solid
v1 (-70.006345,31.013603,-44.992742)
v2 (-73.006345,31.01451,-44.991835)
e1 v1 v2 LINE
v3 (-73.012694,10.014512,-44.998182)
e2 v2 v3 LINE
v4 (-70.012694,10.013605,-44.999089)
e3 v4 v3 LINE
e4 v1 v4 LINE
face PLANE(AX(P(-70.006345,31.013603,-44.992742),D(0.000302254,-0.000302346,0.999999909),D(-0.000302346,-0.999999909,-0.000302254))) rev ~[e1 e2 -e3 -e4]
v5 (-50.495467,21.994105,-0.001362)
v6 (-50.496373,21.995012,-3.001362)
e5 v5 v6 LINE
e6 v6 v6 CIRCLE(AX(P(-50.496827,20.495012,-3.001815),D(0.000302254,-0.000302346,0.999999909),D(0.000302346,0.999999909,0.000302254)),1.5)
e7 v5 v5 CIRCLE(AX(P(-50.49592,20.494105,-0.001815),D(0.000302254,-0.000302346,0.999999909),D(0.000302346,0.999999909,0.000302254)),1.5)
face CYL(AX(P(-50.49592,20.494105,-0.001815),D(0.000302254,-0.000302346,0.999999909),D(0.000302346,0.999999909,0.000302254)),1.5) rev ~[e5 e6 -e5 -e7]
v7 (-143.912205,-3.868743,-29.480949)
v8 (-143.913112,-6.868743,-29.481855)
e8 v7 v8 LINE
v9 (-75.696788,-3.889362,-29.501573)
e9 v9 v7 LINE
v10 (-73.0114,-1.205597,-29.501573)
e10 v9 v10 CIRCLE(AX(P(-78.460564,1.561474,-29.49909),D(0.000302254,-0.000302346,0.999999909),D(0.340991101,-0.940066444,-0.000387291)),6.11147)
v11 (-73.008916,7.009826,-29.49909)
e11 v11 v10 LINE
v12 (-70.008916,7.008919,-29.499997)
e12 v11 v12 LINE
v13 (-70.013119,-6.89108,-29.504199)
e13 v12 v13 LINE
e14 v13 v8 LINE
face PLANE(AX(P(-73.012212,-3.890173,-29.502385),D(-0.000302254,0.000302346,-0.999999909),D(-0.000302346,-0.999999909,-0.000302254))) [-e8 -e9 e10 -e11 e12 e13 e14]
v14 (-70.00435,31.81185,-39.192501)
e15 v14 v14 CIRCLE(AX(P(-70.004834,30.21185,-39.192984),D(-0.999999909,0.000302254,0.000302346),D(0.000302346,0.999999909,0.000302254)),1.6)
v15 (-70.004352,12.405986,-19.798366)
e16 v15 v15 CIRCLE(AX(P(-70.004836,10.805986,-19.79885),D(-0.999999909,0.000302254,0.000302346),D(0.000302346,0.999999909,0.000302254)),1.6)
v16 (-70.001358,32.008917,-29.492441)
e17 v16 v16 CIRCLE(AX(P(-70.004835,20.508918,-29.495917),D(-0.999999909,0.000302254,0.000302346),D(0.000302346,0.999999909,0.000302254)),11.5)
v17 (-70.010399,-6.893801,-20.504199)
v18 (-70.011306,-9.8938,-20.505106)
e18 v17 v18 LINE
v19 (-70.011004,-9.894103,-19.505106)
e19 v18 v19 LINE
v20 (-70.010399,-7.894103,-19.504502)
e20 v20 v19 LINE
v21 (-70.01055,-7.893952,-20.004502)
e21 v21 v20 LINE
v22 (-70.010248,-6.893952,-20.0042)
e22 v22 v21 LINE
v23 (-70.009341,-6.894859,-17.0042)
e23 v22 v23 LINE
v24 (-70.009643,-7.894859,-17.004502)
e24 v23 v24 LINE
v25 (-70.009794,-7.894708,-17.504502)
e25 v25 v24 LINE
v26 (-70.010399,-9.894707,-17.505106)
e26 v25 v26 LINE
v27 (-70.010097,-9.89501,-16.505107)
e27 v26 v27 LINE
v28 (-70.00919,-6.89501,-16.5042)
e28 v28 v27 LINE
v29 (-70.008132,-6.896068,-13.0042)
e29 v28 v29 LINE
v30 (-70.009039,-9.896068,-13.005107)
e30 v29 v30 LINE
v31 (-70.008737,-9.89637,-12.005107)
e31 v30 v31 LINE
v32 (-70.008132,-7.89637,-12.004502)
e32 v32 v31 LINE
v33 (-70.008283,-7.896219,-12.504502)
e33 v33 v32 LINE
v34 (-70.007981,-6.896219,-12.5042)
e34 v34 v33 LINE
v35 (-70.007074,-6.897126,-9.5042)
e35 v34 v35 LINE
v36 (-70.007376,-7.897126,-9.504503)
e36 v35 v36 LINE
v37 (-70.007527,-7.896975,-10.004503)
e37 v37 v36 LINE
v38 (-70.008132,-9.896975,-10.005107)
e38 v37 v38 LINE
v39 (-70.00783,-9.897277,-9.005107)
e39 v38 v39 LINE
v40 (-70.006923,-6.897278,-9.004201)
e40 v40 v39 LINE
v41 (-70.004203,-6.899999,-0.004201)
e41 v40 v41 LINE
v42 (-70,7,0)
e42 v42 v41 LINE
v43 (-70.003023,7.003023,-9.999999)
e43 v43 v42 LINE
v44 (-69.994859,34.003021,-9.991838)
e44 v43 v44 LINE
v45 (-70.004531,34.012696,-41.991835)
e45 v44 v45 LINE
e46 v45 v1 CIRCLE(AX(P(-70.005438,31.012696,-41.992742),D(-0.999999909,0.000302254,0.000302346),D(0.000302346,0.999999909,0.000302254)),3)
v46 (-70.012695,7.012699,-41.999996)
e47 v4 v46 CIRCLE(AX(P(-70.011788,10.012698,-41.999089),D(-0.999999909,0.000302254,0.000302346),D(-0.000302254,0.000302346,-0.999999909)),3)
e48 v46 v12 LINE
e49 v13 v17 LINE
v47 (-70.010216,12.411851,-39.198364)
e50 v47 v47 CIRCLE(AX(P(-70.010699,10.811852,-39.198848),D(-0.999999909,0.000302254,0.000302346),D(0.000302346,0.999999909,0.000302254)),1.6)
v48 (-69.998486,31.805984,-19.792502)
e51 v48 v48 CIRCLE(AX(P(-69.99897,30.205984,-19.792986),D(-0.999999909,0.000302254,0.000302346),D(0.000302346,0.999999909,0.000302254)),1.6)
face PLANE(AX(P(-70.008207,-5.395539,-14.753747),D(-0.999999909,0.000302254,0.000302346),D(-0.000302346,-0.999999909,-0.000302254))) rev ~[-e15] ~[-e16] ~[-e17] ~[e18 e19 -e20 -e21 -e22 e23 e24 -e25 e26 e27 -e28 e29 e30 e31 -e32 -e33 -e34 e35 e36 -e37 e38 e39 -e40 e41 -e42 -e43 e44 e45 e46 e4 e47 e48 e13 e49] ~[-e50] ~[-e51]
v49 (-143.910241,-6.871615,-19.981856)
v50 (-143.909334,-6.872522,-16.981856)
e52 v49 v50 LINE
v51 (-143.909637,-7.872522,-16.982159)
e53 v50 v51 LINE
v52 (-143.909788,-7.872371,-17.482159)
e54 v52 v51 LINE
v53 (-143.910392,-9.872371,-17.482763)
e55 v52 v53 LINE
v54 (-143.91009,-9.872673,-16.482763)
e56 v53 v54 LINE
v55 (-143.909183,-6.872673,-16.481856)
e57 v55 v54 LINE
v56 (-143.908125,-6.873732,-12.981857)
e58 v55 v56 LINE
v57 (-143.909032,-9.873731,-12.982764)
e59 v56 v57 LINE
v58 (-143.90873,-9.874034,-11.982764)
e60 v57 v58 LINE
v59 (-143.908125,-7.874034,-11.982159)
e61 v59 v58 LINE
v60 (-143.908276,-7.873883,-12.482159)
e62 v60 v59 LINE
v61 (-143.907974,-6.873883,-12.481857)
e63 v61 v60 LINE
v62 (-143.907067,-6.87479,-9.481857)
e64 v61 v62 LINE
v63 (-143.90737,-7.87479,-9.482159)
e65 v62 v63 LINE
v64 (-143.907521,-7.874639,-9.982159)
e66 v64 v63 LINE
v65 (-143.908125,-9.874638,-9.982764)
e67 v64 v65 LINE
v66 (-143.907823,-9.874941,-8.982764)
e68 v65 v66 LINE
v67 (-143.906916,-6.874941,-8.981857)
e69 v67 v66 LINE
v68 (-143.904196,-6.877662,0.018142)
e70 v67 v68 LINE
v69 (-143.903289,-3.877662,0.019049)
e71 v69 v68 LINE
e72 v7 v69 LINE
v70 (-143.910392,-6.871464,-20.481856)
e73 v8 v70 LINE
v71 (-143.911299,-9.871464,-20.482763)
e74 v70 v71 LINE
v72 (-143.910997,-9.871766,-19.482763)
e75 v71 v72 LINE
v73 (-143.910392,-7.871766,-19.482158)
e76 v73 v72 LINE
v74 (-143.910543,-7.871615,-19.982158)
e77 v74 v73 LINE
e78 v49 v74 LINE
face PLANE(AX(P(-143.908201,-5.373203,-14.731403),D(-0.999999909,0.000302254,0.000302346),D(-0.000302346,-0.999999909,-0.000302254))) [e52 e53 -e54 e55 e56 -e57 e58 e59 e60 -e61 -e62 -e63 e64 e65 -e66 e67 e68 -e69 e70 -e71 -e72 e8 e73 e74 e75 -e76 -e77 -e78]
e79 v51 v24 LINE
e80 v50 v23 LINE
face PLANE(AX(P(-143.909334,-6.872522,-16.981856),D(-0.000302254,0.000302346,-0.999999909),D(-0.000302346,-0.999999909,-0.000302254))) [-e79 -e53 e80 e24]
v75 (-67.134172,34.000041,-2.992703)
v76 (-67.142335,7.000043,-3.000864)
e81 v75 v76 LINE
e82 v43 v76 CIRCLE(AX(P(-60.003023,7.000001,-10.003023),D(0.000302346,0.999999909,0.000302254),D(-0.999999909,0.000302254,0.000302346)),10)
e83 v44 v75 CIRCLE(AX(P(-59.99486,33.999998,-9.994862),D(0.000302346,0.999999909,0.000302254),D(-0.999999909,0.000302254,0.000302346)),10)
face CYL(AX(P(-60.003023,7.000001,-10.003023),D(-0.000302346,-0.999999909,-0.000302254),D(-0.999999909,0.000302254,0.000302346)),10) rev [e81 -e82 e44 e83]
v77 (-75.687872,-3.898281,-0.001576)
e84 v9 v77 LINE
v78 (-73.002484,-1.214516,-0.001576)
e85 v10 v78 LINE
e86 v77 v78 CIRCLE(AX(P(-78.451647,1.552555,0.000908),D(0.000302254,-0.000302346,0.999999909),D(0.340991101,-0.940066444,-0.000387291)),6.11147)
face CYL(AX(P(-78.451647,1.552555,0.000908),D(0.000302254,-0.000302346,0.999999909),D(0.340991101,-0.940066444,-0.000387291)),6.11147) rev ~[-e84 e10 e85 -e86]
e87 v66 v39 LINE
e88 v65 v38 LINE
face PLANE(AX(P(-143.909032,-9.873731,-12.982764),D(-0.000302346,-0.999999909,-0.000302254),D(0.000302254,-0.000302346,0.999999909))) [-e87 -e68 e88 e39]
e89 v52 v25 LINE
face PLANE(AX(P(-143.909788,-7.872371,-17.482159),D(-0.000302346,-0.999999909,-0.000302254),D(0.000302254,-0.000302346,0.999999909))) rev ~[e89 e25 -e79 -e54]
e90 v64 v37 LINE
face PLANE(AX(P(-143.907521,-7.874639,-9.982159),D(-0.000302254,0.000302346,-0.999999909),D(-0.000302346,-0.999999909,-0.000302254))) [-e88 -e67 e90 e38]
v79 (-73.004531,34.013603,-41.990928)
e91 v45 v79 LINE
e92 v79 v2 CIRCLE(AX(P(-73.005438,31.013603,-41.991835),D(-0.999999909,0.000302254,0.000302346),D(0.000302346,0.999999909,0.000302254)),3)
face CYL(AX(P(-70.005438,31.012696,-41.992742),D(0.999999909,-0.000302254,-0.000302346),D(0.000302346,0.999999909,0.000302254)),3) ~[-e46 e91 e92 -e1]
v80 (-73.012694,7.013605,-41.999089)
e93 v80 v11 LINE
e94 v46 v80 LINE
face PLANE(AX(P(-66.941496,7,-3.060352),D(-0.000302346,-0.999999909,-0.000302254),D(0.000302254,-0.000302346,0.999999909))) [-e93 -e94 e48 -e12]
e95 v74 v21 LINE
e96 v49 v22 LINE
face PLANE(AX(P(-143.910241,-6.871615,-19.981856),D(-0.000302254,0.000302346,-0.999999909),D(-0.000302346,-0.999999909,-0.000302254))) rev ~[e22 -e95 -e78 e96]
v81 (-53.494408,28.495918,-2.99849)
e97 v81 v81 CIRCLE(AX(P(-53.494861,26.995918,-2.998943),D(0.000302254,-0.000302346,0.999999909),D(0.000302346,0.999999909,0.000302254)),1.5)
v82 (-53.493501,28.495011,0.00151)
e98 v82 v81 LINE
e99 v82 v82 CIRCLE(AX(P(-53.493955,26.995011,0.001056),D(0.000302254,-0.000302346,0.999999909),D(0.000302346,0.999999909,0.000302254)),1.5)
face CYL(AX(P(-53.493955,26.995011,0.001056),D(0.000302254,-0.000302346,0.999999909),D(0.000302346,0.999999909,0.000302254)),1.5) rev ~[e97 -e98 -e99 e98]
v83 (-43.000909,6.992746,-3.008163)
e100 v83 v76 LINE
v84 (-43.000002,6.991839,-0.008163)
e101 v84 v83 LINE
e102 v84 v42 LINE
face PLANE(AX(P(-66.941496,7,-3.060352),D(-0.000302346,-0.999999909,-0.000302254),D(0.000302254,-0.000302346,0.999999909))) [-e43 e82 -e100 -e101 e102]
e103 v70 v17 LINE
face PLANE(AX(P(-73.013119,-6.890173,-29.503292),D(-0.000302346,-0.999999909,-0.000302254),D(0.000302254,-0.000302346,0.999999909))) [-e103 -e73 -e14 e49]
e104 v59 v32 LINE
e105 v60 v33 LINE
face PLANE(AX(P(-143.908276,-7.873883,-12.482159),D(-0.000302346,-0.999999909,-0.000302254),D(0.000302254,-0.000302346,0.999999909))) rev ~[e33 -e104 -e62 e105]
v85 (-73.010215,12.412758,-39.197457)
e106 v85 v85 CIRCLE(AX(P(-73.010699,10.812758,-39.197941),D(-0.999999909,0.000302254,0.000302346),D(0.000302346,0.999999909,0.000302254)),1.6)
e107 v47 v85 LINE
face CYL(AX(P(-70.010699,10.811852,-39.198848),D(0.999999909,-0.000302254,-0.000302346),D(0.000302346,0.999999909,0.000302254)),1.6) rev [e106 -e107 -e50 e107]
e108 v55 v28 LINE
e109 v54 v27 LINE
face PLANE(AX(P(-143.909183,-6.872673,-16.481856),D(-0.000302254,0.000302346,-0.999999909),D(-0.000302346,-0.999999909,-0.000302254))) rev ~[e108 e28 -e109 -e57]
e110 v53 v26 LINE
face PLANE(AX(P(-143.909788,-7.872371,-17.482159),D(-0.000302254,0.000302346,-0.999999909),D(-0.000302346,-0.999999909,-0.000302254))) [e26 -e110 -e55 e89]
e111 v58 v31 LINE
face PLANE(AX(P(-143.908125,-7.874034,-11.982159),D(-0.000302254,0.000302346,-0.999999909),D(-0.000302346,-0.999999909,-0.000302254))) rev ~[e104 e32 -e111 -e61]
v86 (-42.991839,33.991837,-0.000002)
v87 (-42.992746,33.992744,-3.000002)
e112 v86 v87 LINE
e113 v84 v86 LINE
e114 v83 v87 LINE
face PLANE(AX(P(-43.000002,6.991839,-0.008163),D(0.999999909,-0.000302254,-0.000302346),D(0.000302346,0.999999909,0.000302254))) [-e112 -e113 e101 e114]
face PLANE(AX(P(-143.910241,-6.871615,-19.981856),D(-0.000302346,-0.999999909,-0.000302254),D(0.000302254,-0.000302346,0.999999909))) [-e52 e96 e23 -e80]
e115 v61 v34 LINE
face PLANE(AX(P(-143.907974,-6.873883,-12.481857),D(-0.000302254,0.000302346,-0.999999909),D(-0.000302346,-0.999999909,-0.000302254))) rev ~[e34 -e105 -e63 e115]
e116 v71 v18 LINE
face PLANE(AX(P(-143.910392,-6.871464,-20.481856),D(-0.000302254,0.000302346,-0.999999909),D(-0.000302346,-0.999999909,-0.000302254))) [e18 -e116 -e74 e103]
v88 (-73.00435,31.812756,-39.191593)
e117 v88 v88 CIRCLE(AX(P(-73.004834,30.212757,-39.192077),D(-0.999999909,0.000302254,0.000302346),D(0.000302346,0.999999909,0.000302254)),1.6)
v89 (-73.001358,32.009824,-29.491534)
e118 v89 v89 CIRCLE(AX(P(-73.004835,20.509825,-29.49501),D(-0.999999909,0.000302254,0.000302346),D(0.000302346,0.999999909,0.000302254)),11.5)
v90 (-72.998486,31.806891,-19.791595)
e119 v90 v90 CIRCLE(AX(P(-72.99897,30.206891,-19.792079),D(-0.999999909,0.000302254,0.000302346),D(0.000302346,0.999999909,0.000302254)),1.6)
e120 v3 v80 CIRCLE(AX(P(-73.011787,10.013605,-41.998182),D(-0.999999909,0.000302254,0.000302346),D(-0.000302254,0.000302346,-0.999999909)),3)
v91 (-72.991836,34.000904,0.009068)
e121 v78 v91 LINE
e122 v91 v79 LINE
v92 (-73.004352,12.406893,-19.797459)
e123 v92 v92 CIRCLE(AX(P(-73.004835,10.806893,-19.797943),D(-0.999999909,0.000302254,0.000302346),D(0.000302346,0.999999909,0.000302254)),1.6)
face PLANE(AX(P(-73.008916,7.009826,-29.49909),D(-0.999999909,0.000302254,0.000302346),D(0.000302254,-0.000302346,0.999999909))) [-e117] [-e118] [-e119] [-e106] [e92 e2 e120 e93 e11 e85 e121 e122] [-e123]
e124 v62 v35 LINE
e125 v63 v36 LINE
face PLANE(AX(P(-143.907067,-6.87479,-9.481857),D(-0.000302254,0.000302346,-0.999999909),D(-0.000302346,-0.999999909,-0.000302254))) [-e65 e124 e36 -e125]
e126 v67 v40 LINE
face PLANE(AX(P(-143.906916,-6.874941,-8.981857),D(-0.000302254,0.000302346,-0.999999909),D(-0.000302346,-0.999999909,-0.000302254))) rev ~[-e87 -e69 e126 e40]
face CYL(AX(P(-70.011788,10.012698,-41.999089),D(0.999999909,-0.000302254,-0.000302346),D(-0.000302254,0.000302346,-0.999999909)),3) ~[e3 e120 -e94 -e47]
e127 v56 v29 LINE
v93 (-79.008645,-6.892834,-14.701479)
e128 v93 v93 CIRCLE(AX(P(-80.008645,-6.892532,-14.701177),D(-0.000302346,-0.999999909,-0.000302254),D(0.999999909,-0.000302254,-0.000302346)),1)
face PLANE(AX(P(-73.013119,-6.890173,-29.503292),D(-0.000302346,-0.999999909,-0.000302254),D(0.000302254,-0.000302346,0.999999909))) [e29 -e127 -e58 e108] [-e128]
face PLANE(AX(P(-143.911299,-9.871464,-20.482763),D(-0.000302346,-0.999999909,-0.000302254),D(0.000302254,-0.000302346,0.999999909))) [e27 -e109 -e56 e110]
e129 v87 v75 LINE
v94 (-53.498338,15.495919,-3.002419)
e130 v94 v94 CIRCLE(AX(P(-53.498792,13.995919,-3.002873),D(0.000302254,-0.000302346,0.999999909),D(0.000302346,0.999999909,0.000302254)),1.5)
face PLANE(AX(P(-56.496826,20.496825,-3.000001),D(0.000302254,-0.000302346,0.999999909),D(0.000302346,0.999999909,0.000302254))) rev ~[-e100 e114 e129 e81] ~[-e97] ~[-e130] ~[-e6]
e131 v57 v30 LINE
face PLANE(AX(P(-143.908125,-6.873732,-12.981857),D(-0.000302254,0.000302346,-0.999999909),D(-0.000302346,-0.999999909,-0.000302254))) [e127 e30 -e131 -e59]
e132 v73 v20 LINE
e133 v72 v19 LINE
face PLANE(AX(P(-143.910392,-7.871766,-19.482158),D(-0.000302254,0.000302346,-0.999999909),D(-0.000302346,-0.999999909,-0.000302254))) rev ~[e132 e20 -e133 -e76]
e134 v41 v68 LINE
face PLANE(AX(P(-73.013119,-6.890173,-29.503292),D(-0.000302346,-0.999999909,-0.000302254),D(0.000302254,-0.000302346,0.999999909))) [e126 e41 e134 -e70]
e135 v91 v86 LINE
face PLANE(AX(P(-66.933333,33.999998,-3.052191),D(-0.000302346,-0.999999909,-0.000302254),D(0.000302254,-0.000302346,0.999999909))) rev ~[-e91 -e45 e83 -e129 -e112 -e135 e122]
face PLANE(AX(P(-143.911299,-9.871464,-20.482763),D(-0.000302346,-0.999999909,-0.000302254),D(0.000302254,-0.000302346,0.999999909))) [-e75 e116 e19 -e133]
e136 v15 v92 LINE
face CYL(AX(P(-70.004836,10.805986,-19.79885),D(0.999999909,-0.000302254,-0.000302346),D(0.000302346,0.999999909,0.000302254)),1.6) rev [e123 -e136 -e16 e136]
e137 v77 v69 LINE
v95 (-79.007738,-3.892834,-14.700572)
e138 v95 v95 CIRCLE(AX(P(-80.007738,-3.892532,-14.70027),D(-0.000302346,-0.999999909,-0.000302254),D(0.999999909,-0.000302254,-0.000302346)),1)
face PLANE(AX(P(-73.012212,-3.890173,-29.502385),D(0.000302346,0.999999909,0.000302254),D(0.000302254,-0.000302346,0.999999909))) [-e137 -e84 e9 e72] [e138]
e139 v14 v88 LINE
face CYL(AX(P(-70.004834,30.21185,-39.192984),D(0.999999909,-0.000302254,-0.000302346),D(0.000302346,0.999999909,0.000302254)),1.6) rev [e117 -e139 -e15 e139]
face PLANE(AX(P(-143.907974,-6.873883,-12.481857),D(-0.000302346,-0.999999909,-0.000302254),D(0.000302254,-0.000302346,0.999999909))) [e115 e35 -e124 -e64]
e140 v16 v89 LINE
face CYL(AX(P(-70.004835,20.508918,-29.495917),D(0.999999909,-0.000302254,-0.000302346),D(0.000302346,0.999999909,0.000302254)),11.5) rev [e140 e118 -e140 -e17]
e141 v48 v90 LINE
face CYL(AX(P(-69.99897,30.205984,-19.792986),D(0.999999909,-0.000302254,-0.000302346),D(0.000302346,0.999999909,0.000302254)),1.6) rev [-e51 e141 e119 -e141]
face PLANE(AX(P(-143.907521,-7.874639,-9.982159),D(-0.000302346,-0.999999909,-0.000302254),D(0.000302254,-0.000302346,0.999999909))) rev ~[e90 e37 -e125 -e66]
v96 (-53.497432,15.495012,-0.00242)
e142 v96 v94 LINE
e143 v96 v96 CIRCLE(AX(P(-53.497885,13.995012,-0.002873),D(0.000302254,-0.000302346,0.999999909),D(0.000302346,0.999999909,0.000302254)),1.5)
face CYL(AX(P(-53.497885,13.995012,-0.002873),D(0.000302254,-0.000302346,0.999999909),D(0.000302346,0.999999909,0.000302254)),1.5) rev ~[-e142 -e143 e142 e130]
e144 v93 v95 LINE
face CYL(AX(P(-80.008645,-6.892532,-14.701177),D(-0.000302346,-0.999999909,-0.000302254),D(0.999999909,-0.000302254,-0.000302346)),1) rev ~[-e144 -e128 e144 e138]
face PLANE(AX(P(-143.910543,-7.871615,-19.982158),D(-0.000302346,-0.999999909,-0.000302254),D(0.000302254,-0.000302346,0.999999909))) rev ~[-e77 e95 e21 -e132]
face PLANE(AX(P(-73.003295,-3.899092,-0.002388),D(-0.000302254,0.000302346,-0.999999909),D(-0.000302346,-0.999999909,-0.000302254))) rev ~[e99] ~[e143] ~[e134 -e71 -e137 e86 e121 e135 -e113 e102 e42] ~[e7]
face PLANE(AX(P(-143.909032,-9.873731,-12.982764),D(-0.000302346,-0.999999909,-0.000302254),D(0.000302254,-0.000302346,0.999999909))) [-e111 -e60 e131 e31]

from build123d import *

# Parameters (mm, degrees)
SKETCH089_W             = 27
SKETCH089_H             = 27
SKETCH089_R             = 1.5
PAD036_DEPTH            = 3
SKETCH088_R             = 11.5
SKETCH088_R_2           = 1.6
PAD037_DEPTH            = 3
PAD038_DEPTH            = 27
SKETCH092_W             = 3
SKETCH092_H             = 29.5
PAD039_DEPTH            = 10.9
SKETCH093_W             = 3
SKETCH093_H             = 29.5
PAD040_DEPTH            = 70.9
PAD040_DEPTH_BACK       = 3
SKETCH094_W             = 3
SKETCH094_H             = 4
PAD041_DEPTH            = 73.9
SKETCH095_W             = 1
SKETCH095_H             = 3
SKETCH095_W_2           = 2
SKETCH095_H_2           = 2
POCKET048_DEPTH         = 74
SKETCH096_R             = 1
POCKET049_DEPTH         = 3
PAD042_DEPTH            = 29.5
BODY010_ROLL_ANGLE      = -89.9826768737
BODY010_PITCH_ANGLE     = -0.0173178896
BODY010_PLACEMENT_ANGLE = 89.9826768737


with BuildPart() as part:
    # Sketch089 → Pad036 (new body)
    with BuildSketch(Plane.XZ):
        with Locations((13.5, -13.5)):
            Rectangle(SKETCH089_W, SKETCH089_H)
        with Locations((7, -16.5)):
            Circle(SKETCH089_R, mode=Mode.SUBTRACT)
        with Locations((13.5, -19.5)):
            Circle(SKETCH089_R, mode=Mode.SUBTRACT)
        with Locations((20, -16.5)):
            Circle(SKETCH089_R, mode=Mode.SUBTRACT)
    extrude(amount=-PAD036_DEPTH)

    # Sketch088 → Pad037 (join)
    with BuildSketch(Plane.XY):
        with BuildLine():
            Line((0, 42), (0, 0))
            Line((0, 0), (27, 0))
            Line((27, 0), (27, 42))
            ThreePointArc((27, 42), (26.1213203436, 44.1213203436), (24, 45))
            Line((24, 45), (3, 45))
            ThreePointArc((3, 45), (0.8786796564, 44.1213203436), (0, 42))
        make_face()
        with Locations((13.5, 29.5)):
            Circle(SKETCH088_R, mode=Mode.SUBTRACT)
        with Locations((3.8, 39.2)):
            Circle(SKETCH088_R_2, mode=Mode.SUBTRACT)
        with Locations((23.2, 39.2)):
            Circle(SKETCH088_R_2, mode=Mode.SUBTRACT)
        with Locations((23.2, 19.8)):
            Circle(SKETCH088_R_2, mode=Mode.SUBTRACT)
        with Locations((3.8, 19.8)):
            Circle(SKETCH088_R_2, mode=Mode.SUBTRACT)
    extrude(amount=PAD037_DEPTH)

    # Sketch090 → Pad038 (join)
    with BuildSketch(Plane.YZ):
        with BuildLine():
            ThreePointArc((10, 0), (2.9289309634, -2.9289334129), (0, -10.0000034641))
            Line((0, -10.000003), (0, 0))
            Line((10, 0), (0, 0))
        make_face()
    extrude(amount=PAD038_DEPTH)

    # Sketch092 (on Face17 of Pad038) → Pad039 (join)
    with BuildSketch(Plane(origin=(0, 0, 0), x_dir=(0, 0, -1), z_dir=(-1, 0, 0))):
        with Locations((-1.5, -14.75)):
            Rectangle(SKETCH092_W, SKETCH092_H)
    extrude(amount=PAD039_DEPTH)

    # Sketch093 (on Face21 of Pad039) → Pad040 (join, two sides)
    with BuildSketch(Plane(origin=(0, 0, 3), x_dir=(-1, 0, 0), z_dir=(0, 0, 1))) as pad040_sk:
        with Locations((12.4, -14.75)):
            Rectangle(SKETCH093_W, SKETCH093_H)
    extrude(amount=PAD040_DEPTH)
    extrude(pad040_sk.sketch, amount=-PAD040_DEPTH_BACK)

    # Sketch094 (on Face20 of Pad040) → Pad041 (join)
    with BuildSketch(Plane(origin=(0, 0, 73.9), x_dir=(-1, 0, 0), z_dir=(0, 0, 1))):
        with Locations((15.4, -11)):
            Rectangle(SKETCH094_W, SKETCH094_H)
        with Locations((15.4, -18.5)):
            Rectangle(SKETCH094_W, SKETCH094_H)
    extrude(amount=-PAD041_DEPTH)

    # Sketch095 (on Face32 of Pad041) → Pocket048 (cut)
    with BuildSketch(Plane(origin=(0, 0, 73.9), x_dir=(-1, 0, 0), z_dir=(0, 0, 1))):
        with Locations((14.4, -11)):
            Rectangle(SKETCH095_W, SKETCH095_H)
        with Locations((15.9, -11)):
            Rectangle(SKETCH095_W_2, SKETCH095_H_2)
        with Locations((14.4, -18.5)):
            Rectangle(SKETCH095_W, SKETCH095_H)
        with Locations((15.9, -18.5)):
            Rectangle(SKETCH095_W_2, SKETCH095_H_2)
    extrude(amount=-POCKET048_DEPTH, mode=Mode.SUBTRACT)

    # Sketch096 (on Face20 of Pocket048) → Pocket049 (cut)
    with BuildSketch(Plane(origin=(-13.9, 0, 0), x_dir=(0, 0, -1), z_dir=(-1, 0, 0))):
        with Locations((-10, -14.7)):
            Circle(SKETCH096_R)
    extrude(amount=-POCKET049_DEPTH, mode=Mode.SUBTRACT)

    # Sketch097 (on Face33 of Pocket049) → Pad042 (join)
    with BuildSketch(Plane.XZ):
        with BuildLine():
            ThreePointArc((-11.1945579857, 6.3643060843), (-9.8282285955, 4.1860605156), (-7.686876766, 2.76260623))
            Line((-7.686877, 2.762606), (-11.55202, 1.663341))
            Line((-11.194558, 6.364306), (-11.55202, 1.663341))
        make_face()
    extrude(amount=-PAD042_DEPTH)


with BuildPart() as part_1:
    # Body010 roll: moved
    add(part.part.rotate(Axis((0, 0, 0), (1, 0, 0)), BODY010_ROLL_ANGLE))


with BuildPart() as part_2:
    # Body010 pitch: moved
    add(part_1.part.rotate(Axis((0, 0, 0), (0, 1, 0)), BODY010_PITCH_ANGLE))


with BuildPart() as part_3:
    # Body010 placement: moved
    add(part_2.part.moved(Location((-70, 7, 0))).rotate(Axis((-70, 7, 0), (0, 0, 1)), BODY010_PLACEMENT_ANGLE))


solid = part_3.part
